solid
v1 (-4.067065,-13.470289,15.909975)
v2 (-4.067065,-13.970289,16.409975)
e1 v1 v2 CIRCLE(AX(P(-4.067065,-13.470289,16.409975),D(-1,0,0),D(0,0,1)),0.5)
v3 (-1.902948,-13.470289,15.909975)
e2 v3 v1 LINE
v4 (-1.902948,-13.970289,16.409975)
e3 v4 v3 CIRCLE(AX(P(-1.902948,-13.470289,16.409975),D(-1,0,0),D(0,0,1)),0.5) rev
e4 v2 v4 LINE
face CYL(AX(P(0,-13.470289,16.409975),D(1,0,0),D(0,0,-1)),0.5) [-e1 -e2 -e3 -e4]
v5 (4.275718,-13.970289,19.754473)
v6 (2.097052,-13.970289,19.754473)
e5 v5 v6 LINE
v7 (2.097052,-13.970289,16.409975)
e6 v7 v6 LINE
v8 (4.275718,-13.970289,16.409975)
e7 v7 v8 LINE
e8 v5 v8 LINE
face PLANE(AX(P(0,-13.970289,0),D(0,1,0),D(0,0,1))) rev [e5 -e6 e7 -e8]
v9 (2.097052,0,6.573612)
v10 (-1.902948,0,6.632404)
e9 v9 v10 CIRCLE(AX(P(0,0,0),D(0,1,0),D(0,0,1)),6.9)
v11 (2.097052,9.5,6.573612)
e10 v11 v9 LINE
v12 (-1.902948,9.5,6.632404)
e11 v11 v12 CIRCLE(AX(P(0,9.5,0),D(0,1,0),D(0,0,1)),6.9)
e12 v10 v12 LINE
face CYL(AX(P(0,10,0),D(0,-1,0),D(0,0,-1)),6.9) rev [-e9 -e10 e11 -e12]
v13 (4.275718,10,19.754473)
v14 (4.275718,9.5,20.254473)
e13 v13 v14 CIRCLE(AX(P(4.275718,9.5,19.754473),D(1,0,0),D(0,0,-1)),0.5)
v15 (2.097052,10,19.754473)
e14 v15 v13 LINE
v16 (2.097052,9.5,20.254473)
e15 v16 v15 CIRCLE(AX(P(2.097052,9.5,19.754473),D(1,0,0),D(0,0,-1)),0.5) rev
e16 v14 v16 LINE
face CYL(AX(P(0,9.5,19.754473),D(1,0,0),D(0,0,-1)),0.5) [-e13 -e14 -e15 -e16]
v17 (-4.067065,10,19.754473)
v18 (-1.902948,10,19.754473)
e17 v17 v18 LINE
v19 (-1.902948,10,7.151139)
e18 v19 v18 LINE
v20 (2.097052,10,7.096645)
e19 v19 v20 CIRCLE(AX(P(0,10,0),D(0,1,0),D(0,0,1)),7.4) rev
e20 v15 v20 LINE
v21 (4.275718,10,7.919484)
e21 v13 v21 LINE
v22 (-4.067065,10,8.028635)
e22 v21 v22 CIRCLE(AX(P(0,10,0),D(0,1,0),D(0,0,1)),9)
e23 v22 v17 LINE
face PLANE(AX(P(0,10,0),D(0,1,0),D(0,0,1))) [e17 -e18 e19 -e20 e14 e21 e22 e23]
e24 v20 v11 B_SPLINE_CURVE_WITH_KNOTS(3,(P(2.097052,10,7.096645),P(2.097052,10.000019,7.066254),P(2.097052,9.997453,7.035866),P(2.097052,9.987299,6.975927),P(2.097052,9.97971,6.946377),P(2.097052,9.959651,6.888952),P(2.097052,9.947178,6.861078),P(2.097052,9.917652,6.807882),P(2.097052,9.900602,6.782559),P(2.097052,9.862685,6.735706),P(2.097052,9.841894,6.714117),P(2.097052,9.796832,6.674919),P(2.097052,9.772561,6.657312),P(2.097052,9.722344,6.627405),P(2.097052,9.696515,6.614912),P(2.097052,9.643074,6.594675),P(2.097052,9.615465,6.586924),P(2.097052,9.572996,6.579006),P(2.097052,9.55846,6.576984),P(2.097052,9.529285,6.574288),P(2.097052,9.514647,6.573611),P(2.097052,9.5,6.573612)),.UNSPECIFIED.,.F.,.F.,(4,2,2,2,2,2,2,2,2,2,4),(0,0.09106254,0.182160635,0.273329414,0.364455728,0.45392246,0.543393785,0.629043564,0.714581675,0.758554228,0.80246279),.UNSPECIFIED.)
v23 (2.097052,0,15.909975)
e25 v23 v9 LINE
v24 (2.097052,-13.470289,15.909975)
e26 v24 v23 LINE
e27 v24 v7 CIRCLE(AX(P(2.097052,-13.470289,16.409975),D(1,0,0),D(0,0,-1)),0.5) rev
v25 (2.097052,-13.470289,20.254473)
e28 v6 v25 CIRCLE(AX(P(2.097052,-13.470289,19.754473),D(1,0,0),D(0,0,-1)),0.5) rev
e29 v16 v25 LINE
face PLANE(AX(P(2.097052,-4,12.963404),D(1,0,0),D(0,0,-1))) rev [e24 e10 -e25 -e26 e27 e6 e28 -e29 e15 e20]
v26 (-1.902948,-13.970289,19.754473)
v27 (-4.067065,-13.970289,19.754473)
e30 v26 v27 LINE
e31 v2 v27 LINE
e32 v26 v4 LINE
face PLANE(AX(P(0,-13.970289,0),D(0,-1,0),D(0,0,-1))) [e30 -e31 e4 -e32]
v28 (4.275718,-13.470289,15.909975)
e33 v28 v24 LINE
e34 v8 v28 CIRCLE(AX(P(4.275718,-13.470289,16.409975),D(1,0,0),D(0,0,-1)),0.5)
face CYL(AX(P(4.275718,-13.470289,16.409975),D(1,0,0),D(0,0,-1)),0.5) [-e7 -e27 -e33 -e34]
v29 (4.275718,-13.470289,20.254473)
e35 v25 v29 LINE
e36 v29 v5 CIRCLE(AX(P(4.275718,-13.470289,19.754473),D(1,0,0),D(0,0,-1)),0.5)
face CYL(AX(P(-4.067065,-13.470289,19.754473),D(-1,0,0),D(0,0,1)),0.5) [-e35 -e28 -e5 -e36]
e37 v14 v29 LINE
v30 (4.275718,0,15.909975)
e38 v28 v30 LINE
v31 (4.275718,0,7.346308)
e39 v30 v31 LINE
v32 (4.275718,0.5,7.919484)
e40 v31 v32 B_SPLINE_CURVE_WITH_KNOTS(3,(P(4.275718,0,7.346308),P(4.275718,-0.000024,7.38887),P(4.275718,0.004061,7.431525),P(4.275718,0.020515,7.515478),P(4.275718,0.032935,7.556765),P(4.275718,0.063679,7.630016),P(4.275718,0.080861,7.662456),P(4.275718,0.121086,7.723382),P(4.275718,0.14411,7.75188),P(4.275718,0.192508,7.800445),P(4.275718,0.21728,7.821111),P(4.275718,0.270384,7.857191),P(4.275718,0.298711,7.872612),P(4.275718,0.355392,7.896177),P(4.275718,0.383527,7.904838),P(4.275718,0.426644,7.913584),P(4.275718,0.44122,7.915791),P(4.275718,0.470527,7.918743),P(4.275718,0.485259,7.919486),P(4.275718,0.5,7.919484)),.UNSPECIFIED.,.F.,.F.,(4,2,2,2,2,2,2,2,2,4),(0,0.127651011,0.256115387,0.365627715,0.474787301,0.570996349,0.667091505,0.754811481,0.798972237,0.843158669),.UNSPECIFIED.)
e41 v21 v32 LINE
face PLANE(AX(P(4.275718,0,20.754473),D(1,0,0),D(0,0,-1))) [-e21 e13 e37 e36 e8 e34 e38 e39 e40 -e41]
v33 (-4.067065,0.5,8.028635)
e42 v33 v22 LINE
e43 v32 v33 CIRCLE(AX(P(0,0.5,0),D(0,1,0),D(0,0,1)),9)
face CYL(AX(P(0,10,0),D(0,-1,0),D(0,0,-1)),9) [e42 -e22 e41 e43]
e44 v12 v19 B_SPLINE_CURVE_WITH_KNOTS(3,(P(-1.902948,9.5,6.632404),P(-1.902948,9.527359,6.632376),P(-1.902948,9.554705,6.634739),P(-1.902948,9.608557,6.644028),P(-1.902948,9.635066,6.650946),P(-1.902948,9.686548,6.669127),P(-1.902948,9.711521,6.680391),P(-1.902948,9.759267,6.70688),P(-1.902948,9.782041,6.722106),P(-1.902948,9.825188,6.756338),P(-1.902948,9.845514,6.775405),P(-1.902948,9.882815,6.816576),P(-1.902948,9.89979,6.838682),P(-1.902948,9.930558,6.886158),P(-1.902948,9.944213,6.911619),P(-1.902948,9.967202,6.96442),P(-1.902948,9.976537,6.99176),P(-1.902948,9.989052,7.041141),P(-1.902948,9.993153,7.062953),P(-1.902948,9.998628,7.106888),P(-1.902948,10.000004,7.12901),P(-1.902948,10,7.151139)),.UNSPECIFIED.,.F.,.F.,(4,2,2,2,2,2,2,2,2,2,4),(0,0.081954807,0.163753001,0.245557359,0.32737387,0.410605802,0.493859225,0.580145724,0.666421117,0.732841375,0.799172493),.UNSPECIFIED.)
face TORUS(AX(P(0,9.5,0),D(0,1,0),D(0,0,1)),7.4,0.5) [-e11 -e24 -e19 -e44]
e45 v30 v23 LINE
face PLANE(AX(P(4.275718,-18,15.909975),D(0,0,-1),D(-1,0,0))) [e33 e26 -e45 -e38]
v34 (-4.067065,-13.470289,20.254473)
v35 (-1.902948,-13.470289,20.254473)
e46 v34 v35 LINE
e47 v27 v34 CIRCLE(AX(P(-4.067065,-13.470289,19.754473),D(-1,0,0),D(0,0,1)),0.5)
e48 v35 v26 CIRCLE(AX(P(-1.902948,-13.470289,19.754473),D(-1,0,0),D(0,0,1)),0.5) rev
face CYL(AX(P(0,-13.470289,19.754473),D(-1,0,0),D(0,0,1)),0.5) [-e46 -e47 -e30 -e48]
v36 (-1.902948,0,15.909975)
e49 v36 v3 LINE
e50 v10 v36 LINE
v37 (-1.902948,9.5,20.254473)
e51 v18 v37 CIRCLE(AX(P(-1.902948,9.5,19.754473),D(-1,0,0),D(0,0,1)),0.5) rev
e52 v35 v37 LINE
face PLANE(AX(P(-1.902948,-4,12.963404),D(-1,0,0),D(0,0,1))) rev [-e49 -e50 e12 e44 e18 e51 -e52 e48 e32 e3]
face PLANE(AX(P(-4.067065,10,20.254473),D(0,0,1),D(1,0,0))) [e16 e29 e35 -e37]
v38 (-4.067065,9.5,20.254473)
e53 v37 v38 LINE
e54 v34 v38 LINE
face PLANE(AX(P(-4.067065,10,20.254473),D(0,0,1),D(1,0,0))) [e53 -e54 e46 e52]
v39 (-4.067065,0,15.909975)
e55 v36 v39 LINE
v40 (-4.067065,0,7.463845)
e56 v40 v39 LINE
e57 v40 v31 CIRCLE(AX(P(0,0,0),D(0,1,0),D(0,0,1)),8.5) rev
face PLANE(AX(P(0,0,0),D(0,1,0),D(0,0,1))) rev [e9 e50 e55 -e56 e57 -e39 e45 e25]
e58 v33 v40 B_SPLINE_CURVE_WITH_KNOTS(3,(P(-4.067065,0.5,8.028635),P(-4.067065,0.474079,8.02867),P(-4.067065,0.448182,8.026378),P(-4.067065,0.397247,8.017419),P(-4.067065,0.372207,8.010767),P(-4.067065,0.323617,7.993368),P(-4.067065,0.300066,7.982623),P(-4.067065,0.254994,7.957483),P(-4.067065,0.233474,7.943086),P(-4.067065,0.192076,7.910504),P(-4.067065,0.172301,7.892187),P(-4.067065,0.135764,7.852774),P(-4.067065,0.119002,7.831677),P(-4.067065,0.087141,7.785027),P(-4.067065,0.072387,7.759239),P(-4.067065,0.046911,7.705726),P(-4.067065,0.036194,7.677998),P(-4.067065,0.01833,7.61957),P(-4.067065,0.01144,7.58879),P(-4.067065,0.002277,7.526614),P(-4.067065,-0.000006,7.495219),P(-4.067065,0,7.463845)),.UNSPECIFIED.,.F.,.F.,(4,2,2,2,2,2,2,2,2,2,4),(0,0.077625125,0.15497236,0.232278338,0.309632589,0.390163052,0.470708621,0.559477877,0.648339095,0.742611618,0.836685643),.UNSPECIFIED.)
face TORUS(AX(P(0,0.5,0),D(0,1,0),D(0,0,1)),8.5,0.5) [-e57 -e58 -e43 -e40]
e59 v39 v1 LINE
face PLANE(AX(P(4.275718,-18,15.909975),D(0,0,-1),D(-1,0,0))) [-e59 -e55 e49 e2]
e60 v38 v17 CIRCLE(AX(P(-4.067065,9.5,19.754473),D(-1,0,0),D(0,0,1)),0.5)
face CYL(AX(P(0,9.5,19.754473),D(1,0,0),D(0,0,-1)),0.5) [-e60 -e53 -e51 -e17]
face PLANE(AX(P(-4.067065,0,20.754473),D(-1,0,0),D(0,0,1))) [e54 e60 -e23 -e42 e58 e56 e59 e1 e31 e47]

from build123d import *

# Parameters (mm, degrees)
SKETCH1_R           = 9
SKETCH1_R_2         = 6.9
BOSS_EXTRUDE1_DEPTH = 10
SKETCH2_W           = 4
SKETCH2_H           = 7.765292285
CUT_EXTRUDE1_DEPTH  = 14
SKETCH3_W           = 2.178666284
SKETCH3_H           = 14.18086127
SKETCH3_W_2         = 2.164116959
SKETCH3_H_2         = 14.122068743
BOSS_EXTRUDE2_DEPTH = 10
SKETCH4_W           = 2.178666284
SKETCH4_H           = 7.791069301
SKETCH4_W_2         = 2.164116959
BOSS_EXTRUDE3_DEPTH = 18
SKETCH5_W           = 23.023428876
SKETCH5_H           = 2.946570651
CUT_EXTRUDE2_DEPTH  = 18
SKETCH6_R           = 37.134957589
CUT_EXTRUDE3_DEPTH  = 0.5
FILLET1_R           = 0.5
FILLET2_R           = 0.5
FILLET3_R           = 0.5


with BuildPart() as part:
    # Sketch1 → Boss-Extrude1 (new body)
    with BuildSketch(Plane(origin=(0, 0, 0), x_dir=(1, 0, 0), z_dir=(0, 1, 0))):
        with Locations(Location((0, 0, 0), (0, 0, 270))):
            Circle(SKETCH1_R)
        with Locations(Location((0, 0, 0), (0, 0, 270))):
            Circle(SKETCH1_R_2, mode=Mode.SUBTRACT)
    extrude(amount=BOSS_EXTRUDE1_DEPTH)

    # Sketch2 → Cut-Extrude1 (cut)
    with BuildSketch(Plane(origin=(0, 10, 0), x_dir=(1, 0, 0), z_dir=(0, 1, 0))):
        with Locations((0.097051884, -9.080757725)):
            Rectangle(SKETCH2_W, SKETCH2_H)
    extrude(amount=-CUT_EXTRUDE1_DEPTH, mode=Mode.SUBTRACT)

    # Sketch3 → Boss-Extrude2 (add)
    with BuildSketch(Plane(origin=(0, 10, 0), x_dir=(1, 0, 0), z_dir=(0, 1, 0))):
        with Locations((3.186385026, -13.664042534)):
            Rectangle(SKETCH3_W, SKETCH3_H)
        with Locations((-2.985006596, -13.693438798)):
            Rectangle(SKETCH3_W_2, SKETCH3_H_2)
    extrude(amount=-BOSS_EXTRUDE2_DEPTH)

    # Sketch4 → Boss-Extrude3 (add)
    with BuildSketch(Plane(origin=(0, -13.970289025, 0), x_dir=(1, 0, 0), z_dir=(0, 1, 0))):
        with Locations((3.186385026, -16.858938519)):
            Rectangle(SKETCH4_W, SKETCH4_H)
        with Locations((-2.985006596, -16.858938519)):
            Rectangle(SKETCH4_W_2, SKETCH4_H)
    extrude(amount=BOSS_EXTRUDE3_DEPTH)

    # Sketch5 → Cut-Extrude2 (cut)
    with BuildSketch(Plane(origin=(0, 0, 0), x_dir=(-1, 0, 0), z_dir=(0, -1, 0))):
        with Locations((7.23599627, -14.436689194)):
            Rectangle(SKETCH5_W, SKETCH5_H)
    extrude(amount=CUT_EXTRUDE2_DEPTH, mode=Mode.SUBTRACT)

    # Sketch6 → Cut-Extrude3 (cut)
    with BuildSketch(Plane.XY.offset(20.754473169)):
        with Locations((-4.067065075, 10)):
            Circle(SKETCH6_R)
    extrude(amount=-CUT_EXTRUDE3_DEPTH, mode=Mode.SUBTRACT)

    # Fillet1
    fillet1_edges = [part.edges().sort_by_distance(p)[0] for p in [
        (-2.985006595, -13.970289025, 15.909974519),
        (3.186385026, -13.970289025, 15.909974519),
        (3.186385026, 10, 20.254473169),
        (-2.985006595, 10, 20.254473169),
        (3.186385026, -13.970289025, 20.254473169),
        (-2.985006595, -13.970289025, 20.254473169),
    ]]
    fillet(fillet1_edges, radius=FILLET1_R)

    # Fillet2
    fillet2_edges = [part.edges().sort_by_distance(p)[0] for p in [
        (-0.117739094, 0, -8.999229828),
    ]]
    fillet(fillet2_edges, radius=FILLET2_R)

    # Fillet3
    fillet3_edges = [part.edges().sort_by_distance(p)[0] for p in [
        (-0.101406156, 10, -6.8992548),
    ]]
    fillet(fillet3_edges, radius=FILLET3_R)


solid = part.part
